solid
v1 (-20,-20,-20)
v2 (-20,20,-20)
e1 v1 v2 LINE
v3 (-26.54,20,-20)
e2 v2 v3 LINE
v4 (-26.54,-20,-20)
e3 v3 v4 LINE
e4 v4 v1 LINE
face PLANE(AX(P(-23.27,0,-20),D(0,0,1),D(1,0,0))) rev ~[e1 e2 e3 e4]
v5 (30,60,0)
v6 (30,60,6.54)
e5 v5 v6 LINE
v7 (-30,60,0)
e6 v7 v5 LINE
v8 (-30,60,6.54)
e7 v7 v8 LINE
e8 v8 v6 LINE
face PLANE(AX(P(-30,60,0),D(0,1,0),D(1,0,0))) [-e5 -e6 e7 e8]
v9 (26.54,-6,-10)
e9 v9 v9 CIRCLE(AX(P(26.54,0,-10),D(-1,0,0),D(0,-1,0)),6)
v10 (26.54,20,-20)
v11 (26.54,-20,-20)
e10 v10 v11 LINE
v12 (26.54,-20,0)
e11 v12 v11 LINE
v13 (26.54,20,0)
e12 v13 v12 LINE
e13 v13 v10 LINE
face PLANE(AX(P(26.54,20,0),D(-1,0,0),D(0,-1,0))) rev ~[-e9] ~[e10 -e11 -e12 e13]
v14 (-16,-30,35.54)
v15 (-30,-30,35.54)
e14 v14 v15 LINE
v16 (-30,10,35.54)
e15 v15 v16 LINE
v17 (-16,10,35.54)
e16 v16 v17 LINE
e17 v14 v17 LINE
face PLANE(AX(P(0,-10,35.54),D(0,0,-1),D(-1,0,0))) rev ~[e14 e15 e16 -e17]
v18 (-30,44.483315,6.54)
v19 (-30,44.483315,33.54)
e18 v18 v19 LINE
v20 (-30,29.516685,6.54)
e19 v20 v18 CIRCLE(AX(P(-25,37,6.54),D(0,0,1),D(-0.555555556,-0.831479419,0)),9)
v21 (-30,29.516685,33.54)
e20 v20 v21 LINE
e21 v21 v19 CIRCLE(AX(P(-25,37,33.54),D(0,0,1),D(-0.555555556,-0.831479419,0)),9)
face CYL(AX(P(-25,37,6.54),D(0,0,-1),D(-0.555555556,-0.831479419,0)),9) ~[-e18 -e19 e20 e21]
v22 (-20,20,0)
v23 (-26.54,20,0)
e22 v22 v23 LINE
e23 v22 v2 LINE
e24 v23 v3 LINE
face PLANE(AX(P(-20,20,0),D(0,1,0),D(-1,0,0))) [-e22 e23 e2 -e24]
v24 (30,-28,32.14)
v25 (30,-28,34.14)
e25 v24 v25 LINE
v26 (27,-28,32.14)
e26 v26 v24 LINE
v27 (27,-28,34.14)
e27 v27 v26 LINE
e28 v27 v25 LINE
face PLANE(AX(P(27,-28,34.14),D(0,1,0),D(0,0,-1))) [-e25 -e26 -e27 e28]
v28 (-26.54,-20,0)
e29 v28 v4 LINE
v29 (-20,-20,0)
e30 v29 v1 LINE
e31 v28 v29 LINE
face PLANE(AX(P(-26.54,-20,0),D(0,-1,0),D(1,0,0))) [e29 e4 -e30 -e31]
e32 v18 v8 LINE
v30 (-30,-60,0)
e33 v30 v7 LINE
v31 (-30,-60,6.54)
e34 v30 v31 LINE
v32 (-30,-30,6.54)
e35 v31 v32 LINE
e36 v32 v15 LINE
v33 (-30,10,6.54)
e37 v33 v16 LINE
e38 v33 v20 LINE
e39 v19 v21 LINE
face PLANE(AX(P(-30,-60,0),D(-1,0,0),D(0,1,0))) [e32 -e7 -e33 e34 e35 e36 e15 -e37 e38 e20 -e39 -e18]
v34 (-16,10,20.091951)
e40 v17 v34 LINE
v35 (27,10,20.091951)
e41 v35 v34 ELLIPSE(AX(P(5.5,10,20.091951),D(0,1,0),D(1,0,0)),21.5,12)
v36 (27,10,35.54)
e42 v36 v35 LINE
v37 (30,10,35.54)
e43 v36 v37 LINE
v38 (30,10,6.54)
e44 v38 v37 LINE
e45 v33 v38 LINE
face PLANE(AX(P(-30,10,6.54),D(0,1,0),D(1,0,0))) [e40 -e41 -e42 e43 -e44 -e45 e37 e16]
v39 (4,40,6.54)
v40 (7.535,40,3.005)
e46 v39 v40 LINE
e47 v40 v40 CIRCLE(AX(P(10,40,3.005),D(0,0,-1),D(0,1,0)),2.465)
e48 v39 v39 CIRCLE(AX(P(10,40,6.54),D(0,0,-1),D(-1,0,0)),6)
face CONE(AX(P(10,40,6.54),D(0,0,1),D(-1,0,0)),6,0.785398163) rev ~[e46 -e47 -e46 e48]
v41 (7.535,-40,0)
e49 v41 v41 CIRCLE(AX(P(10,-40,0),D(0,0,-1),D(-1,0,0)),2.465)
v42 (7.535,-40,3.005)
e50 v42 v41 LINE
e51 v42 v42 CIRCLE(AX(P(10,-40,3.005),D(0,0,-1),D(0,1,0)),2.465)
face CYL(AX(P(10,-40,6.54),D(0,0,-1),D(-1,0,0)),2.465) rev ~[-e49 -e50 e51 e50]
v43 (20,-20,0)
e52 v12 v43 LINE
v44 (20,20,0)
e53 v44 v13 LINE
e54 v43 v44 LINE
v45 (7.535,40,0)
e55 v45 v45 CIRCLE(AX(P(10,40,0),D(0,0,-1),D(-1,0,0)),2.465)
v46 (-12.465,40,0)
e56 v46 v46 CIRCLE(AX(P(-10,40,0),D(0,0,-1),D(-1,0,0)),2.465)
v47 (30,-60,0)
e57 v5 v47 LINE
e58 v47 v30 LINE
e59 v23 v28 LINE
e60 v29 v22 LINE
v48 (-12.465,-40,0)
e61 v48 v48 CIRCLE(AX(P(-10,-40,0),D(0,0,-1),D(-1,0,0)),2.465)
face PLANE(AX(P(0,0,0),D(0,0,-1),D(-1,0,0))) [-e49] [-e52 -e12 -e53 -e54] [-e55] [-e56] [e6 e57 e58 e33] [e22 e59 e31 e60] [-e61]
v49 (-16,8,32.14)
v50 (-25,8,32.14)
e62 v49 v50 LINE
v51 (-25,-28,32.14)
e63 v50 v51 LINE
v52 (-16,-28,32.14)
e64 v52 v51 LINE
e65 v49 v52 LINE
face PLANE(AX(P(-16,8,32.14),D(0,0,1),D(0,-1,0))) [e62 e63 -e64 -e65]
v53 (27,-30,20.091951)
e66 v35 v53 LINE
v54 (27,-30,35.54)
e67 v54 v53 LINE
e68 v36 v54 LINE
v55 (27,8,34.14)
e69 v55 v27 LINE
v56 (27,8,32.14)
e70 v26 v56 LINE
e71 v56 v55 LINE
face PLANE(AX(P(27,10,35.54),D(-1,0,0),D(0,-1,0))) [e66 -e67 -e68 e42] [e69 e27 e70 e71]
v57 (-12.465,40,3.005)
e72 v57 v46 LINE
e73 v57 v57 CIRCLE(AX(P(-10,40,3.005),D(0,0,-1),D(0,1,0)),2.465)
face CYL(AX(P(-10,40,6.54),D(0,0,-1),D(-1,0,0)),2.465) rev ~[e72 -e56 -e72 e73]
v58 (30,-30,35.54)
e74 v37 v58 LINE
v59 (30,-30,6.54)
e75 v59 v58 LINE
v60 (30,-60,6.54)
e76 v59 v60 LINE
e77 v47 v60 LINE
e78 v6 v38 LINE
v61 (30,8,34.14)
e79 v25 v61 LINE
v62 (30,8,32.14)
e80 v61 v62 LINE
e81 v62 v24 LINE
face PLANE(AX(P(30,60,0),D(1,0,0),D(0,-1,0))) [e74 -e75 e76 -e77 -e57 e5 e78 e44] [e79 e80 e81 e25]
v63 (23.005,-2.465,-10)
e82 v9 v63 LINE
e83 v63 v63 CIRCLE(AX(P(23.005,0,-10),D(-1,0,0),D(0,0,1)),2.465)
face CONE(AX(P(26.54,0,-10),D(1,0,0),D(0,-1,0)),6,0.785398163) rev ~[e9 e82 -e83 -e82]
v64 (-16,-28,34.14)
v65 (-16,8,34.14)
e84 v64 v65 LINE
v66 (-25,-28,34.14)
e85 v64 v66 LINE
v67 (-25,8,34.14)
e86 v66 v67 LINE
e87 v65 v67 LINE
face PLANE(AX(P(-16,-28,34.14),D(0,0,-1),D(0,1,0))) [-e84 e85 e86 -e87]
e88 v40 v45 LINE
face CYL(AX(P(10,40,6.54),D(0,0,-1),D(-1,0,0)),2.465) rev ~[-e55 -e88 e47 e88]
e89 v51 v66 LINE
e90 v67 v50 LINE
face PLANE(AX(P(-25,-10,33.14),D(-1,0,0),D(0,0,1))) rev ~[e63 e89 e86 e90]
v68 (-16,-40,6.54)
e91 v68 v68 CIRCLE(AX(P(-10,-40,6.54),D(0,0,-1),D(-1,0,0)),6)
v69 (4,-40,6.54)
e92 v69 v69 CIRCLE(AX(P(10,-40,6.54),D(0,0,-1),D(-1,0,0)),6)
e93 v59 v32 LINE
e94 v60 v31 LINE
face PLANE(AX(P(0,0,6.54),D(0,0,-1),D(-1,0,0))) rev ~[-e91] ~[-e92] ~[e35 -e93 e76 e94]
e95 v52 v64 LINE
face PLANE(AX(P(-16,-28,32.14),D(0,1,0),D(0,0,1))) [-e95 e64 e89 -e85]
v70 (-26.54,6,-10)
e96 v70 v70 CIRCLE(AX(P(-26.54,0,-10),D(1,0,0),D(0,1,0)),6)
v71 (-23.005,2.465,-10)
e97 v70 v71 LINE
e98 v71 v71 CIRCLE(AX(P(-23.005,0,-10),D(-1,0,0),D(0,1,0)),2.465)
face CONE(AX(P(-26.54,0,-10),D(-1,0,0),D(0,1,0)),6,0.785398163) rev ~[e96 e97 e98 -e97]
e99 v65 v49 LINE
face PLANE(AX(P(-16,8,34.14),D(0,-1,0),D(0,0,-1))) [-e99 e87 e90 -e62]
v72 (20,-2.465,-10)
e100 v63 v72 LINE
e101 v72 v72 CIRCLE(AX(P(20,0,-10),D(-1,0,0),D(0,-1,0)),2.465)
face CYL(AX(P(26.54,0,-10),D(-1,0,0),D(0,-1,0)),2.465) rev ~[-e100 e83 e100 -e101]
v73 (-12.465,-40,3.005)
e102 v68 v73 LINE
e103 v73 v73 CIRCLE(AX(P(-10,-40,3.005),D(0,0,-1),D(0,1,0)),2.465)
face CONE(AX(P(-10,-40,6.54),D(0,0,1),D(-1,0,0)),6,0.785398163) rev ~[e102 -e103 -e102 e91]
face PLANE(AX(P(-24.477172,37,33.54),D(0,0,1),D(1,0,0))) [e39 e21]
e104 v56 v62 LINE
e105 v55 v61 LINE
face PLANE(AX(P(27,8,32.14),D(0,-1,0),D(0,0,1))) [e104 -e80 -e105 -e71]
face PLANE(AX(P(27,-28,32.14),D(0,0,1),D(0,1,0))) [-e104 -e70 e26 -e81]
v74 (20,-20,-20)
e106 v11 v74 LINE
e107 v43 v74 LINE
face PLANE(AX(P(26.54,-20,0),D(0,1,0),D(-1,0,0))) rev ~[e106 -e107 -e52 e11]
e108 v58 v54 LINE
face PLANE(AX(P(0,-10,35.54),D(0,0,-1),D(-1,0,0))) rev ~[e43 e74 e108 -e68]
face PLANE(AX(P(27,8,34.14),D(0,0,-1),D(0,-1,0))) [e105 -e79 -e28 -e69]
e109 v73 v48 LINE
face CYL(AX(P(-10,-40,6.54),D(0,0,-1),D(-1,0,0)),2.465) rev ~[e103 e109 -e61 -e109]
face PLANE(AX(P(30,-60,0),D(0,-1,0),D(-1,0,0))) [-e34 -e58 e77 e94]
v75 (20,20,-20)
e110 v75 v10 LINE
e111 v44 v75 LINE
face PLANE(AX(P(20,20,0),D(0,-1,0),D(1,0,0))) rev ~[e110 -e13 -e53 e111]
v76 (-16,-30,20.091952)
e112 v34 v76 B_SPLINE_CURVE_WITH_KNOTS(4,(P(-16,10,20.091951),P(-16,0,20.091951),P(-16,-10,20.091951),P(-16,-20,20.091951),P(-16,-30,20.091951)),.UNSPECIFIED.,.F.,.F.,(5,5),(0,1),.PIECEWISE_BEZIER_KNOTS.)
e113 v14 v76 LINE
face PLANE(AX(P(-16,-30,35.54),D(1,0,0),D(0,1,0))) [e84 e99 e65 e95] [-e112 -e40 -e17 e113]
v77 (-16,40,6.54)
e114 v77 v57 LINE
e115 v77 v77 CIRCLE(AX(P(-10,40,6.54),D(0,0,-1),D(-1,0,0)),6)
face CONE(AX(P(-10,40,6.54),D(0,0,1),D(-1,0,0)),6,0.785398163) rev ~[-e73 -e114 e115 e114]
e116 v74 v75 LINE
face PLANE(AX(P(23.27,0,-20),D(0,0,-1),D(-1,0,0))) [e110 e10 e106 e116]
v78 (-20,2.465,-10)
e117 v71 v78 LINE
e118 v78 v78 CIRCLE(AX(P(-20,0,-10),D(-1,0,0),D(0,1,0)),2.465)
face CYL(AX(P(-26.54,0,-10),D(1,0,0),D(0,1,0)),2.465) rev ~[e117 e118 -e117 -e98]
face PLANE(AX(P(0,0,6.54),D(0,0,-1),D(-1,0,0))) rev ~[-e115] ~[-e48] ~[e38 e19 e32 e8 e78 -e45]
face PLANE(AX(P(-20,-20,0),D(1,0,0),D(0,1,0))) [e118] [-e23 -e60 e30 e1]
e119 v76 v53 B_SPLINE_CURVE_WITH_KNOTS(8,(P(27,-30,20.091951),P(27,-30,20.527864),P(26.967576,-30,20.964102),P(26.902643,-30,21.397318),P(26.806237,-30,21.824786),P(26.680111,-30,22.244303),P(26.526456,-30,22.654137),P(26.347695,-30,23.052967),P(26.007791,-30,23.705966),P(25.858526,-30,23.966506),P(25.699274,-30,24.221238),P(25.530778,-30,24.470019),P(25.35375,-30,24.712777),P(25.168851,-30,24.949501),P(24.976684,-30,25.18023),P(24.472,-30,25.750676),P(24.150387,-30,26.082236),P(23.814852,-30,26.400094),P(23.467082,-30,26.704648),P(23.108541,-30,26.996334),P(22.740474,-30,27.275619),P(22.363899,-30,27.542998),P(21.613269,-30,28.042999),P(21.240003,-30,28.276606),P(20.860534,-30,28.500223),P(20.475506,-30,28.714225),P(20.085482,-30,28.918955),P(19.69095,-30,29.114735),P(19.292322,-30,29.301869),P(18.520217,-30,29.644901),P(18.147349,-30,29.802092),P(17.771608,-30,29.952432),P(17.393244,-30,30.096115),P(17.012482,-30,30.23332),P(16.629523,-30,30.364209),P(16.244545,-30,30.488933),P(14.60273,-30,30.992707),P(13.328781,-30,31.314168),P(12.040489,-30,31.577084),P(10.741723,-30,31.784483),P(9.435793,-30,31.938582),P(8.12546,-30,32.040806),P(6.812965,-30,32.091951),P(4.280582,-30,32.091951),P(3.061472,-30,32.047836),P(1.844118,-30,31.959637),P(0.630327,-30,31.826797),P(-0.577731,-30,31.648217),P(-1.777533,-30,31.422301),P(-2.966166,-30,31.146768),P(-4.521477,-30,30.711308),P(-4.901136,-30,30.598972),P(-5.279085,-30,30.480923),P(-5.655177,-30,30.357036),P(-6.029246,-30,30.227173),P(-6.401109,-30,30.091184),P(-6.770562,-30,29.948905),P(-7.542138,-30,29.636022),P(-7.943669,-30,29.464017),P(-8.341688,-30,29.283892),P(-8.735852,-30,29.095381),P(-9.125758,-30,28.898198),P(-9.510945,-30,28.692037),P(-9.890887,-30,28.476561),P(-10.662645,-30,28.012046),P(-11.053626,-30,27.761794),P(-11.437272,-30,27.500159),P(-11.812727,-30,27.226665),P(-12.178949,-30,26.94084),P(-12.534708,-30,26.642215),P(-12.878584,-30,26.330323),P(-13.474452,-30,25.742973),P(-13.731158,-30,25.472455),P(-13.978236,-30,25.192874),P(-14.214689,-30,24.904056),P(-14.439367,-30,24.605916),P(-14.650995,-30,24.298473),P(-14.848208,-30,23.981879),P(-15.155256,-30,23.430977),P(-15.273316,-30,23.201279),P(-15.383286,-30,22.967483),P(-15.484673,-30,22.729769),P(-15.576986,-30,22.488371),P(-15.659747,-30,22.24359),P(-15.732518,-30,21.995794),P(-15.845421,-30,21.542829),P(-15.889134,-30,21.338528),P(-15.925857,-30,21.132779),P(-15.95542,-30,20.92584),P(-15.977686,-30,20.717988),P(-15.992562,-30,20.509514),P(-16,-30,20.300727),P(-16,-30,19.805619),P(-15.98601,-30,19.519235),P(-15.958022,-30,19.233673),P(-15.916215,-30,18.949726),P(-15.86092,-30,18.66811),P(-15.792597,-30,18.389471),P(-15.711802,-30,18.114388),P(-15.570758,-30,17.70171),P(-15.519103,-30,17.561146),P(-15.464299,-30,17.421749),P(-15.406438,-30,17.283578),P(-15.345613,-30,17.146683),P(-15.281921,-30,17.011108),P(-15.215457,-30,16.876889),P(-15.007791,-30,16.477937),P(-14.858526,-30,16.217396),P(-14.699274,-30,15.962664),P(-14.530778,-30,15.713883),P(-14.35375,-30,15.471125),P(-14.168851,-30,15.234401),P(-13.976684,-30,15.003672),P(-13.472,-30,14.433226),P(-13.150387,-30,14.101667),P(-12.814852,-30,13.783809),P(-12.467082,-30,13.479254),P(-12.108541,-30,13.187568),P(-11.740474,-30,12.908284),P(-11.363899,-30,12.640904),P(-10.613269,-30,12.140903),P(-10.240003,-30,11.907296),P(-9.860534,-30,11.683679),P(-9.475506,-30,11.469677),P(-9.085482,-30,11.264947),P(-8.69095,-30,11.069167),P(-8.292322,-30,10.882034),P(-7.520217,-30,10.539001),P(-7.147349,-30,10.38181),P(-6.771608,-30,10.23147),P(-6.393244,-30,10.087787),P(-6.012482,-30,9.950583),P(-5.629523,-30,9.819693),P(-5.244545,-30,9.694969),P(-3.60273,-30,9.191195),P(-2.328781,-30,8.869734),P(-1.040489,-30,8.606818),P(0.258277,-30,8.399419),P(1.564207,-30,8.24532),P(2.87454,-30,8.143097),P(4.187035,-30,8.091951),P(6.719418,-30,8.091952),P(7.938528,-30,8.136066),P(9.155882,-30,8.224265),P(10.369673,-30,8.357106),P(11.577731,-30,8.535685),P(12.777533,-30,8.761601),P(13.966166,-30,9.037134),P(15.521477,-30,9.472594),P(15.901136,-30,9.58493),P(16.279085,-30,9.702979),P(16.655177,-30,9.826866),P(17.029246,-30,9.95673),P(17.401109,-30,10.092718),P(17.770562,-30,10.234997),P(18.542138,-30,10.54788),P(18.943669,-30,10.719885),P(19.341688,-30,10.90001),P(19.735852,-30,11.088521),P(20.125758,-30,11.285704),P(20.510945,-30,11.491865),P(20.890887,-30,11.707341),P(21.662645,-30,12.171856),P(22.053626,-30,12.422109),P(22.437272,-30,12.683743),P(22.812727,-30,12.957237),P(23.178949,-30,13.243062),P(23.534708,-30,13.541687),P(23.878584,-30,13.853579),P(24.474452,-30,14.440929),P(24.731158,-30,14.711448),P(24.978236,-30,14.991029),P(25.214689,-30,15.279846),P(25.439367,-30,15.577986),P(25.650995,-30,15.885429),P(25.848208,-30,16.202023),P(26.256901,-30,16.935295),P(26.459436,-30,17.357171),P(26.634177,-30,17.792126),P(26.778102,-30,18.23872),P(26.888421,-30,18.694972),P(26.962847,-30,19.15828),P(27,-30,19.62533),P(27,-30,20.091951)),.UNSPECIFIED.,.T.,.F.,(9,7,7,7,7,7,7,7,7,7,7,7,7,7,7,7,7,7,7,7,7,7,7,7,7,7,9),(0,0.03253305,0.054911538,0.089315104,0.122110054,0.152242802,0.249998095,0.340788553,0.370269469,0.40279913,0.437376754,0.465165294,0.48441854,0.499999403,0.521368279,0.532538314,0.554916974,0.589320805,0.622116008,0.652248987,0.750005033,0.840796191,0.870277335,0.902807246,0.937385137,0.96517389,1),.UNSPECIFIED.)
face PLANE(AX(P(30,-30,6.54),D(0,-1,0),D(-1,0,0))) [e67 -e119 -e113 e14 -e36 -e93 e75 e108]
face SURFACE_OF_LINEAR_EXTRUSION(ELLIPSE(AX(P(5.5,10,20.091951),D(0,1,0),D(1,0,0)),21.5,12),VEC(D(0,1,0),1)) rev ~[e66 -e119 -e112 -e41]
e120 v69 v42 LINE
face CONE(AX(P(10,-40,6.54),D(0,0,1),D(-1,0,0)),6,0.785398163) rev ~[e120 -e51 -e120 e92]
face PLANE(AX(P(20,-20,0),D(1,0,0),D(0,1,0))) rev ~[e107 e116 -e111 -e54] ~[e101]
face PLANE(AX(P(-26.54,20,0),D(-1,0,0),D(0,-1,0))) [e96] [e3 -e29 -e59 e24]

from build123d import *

# Parameters (mm, degrees)
BOSS_EXTRUDE1_DEPTH                             = 6.54
BOSS_EXTRUDE4_DEPTH                             = 27.000000000000004
CSK_FOR_M3_FLAT_HEAD_MACHINE_SCREW2_D           = 4.93
CSK_FOR_M3_FLAT_HEAD_MACHINE_SCREW2_CSINK_D     = 12
CSK_FOR_M3_FLAT_HEAD_MACHINE_SCREW2_CSINK_ANGLE = 90
BOSS_EXTRUDE5_DEPTH                             = 20
BOSS_EXTRUDE6_DEPTH                             = 28.999999999999996
CUT_EXTRUDE1_REACH                              = 86.042
SKETCH18_RX                                     = 21.5
SKETCH18_RY                                     = 11.999999999999996
CUT_EXTRUDE2_REACH                              = 89.09
CUT_EXTRUDE3_DEPTH                              = 8.999999999999996
CUT_EXTRUDE4_DEPTH                              = 8.999999999999996
CSK_FOR_M3_FLAT_HEAD_MACHINE_SCREW4_D           = 4.93
CSK_FOR_M3_FLAT_HEAD_MACHINE_SCREW4_DEPTH       = 6.54
CSK_FOR_M3_FLAT_HEAD_MACHINE_SCREW4_CSINK_D     = 12
CSK_FOR_M3_FLAT_HEAD_MACHINE_SCREW4_CSINK_ANGLE = 90
CSK_FOR_M3_FLAT_HEAD_MACHINE_SCREW5_D           = 4.93
CSK_FOR_M3_FLAT_HEAD_MACHINE_SCREW5_CSINK_D     = 12
CSK_FOR_M3_FLAT_HEAD_MACHINE_SCREW5_CSINK_ANGLE = 90


with BuildPart() as part:
    # Sketch1 → Boss-Extrude1 (new body)
    with BuildSketch(Plane.XY):
        Polygon((-30.000000000000004, 59.99999999999999), (29.999999999999996, 59.99999999999999), (30.00000000000001, -60.00000000000001), (-29.99999999999999, -60.00000000000001), align=None)
    extrude(amount=BOSS_EXTRUDE1_DEPTH)

    # Sketch7 → Boss-Extrude4 (add)
    with BuildSketch(Plane.XY.offset(6.54)):
        with BuildLine():
            Line((-30.000000000000004, 44.48331477354787), (-30.000000000000004, 29.516685226452115))
            ThreePointArc((-30.000000000000004, 29.516685226452115), (-15.999999999999986, 36.99999999999999), (-30.000000000000004, 44.48331477354787))
        make_face()
    extrude(amount=BOSS_EXTRUDE4_DEPTH)

    # CSK for M3 Flat Head Machine Screw2 (through all)
    with Locations(Plane(origin=(-10, -40, 6.54), x_dir=(1, 0, 0), z_dir=(0, 0, 1))):
        with Locations((0, 0), (20, 0), (0, 80), (20, 80)):
            CounterSinkHole(CSK_FOR_M3_FLAT_HEAD_MACHINE_SCREW2_D / 2, CSK_FOR_M3_FLAT_HEAD_MACHINE_SCREW2_CSINK_D / 2, counter_sink_angle=CSK_FOR_M3_FLAT_HEAD_MACHINE_SCREW2_CSINK_ANGLE)

    # Sketch10 → Boss-Extrude5 (add)
    with BuildSketch(Plane(origin=(0, 0, 0), x_dir=(-1, 0, 0), z_dir=(0, 0, -1))):
        Polygon((20, 20), (26.540000000000003, 20), (26.540000000000006, -20.000000000000007), (20, -20.000000000000007), align=None)
        Polygon((-20, -20), (-20, 19.999999999999993), (-26.540000000000003, 19.999999999999993), (-26.54, -20), align=None)
    extrude(amount=BOSS_EXTRUDE5_DEPTH)

    # Sketch17 → Boss-Extrude6 (add)
    with BuildSketch(Plane.XY.offset(6.54)):
        Polygon((-30, 9.999999999999995), (30.000000000000014, 9.999999999999995), (30.00000000000001, -30.000000000000007), (-29.999999999999996, -30.000000000000007), align=None)
    extrude(amount=BOSS_EXTRUDE6_DEPTH)

    # Sketch18 → Cut-Extrude1 (cut, up to next)
    with BuildSketch(Plane(origin=(0, 9.999999999999995, 0), x_dir=(1, 0, 0), z_dir=(0, 1, 0)), mode=Mode.PRIVATE) as cut_extrude1_sk1:
        with Locations((5.500000000000008, -20.091951128620167)):
            Ellipse(SKETCH18_RX, SKETCH18_RY)
    cut_extrude1_tool1 = extrude(cut_extrude1_sk1.sketch, amount=-CUT_EXTRUDE1_REACH, mode=Mode.PRIVATE) & part.part
    add(cut_extrude1_tool1.solids().sort_by_distance((5.5, 10, 20.091951))[0], mode=Mode.SUBTRACT)

    # Sketch21 → Cut-Extrude2 (cut, up to next)
    with BuildSketch(Plane.XY.offset(35.53999999999999), mode=Mode.PRIVATE) as cut_extrude2_sk1:
        Polygon((-15.99999999999999, 9.999999999999995), (27.00000000000001, 9.999999999999995), (27.00000000000002, -30.000000000000007), (-15.999999999999986, -30.000000000000007), align=None)
    cut_extrude2_tool1 = extrude(cut_extrude2_sk1.sketch, amount=-CUT_EXTRUDE2_REACH, mode=Mode.PRIVATE) & part.part
    add(cut_extrude2_tool1.solids().sort_by_distance((5.5, -10, 35.54))[0], mode=Mode.SUBTRACT)

    # Sketch23 → Cut-Extrude3 (cut)
    with BuildSketch(Plane(origin=(-15.99999999999999, -1.39e-15, 0), x_dir=(0, 0, -1), z_dir=(1, 9e-17, 0))):
        Polygon((-34.139999999999986, 7.9999999999999964), (-32.13999999999999, 7.9999999999999964), (-32.139999999999986, -28.000000000000007), (-34.139999999999986, -28), align=None)
    extrude(amount=-CUT_EXTRUDE3_DEPTH, mode=Mode.SUBTRACT)

    # Sketch24 → Cut-Extrude4 (cut)
    with BuildSketch(Plane.ZY.offset(-27.000000000000014)):
        Polygon((32.13999999999999, 7.9999999999999885), (34.14, 7.9999999999999885), (34.14, -28.00000000000001), (32.14, -28.00000000000001), align=None)
    extrude(amount=-CUT_EXTRUDE4_DEPTH, mode=Mode.SUBTRACT)

    # CSK for M3 Flat Head Machine Screw4
    with Locations(Plane(origin=(-26.54, 0, -10), x_dir=(0, -1, 0), z_dir=(-1, 0, 0))):
        with Locations((0, 0)):
            CounterSinkHole(CSK_FOR_M3_FLAT_HEAD_MACHINE_SCREW4_D / 2, CSK_FOR_M3_FLAT_HEAD_MACHINE_SCREW4_CSINK_D / 2, depth=CSK_FOR_M3_FLAT_HEAD_MACHINE_SCREW4_DEPTH, counter_sink_angle=CSK_FOR_M3_FLAT_HEAD_MACHINE_SCREW4_CSINK_ANGLE)

    # CSK for M3 Flat Head Machine Screw5 (through all)
    with Locations(Plane(origin=(26.54, 0, -10), x_dir=(0, 1, 0), z_dir=(1, 0, 0))):
        with Locations((0, 0)):
            CounterSinkHole(CSK_FOR_M3_FLAT_HEAD_MACHINE_SCREW5_D / 2, CSK_FOR_M3_FLAT_HEAD_MACHINE_SCREW5_CSINK_D / 2, counter_sink_angle=CSK_FOR_M3_FLAT_HEAD_MACHINE_SCREW5_CSINK_ANGLE)


solid = part.part
